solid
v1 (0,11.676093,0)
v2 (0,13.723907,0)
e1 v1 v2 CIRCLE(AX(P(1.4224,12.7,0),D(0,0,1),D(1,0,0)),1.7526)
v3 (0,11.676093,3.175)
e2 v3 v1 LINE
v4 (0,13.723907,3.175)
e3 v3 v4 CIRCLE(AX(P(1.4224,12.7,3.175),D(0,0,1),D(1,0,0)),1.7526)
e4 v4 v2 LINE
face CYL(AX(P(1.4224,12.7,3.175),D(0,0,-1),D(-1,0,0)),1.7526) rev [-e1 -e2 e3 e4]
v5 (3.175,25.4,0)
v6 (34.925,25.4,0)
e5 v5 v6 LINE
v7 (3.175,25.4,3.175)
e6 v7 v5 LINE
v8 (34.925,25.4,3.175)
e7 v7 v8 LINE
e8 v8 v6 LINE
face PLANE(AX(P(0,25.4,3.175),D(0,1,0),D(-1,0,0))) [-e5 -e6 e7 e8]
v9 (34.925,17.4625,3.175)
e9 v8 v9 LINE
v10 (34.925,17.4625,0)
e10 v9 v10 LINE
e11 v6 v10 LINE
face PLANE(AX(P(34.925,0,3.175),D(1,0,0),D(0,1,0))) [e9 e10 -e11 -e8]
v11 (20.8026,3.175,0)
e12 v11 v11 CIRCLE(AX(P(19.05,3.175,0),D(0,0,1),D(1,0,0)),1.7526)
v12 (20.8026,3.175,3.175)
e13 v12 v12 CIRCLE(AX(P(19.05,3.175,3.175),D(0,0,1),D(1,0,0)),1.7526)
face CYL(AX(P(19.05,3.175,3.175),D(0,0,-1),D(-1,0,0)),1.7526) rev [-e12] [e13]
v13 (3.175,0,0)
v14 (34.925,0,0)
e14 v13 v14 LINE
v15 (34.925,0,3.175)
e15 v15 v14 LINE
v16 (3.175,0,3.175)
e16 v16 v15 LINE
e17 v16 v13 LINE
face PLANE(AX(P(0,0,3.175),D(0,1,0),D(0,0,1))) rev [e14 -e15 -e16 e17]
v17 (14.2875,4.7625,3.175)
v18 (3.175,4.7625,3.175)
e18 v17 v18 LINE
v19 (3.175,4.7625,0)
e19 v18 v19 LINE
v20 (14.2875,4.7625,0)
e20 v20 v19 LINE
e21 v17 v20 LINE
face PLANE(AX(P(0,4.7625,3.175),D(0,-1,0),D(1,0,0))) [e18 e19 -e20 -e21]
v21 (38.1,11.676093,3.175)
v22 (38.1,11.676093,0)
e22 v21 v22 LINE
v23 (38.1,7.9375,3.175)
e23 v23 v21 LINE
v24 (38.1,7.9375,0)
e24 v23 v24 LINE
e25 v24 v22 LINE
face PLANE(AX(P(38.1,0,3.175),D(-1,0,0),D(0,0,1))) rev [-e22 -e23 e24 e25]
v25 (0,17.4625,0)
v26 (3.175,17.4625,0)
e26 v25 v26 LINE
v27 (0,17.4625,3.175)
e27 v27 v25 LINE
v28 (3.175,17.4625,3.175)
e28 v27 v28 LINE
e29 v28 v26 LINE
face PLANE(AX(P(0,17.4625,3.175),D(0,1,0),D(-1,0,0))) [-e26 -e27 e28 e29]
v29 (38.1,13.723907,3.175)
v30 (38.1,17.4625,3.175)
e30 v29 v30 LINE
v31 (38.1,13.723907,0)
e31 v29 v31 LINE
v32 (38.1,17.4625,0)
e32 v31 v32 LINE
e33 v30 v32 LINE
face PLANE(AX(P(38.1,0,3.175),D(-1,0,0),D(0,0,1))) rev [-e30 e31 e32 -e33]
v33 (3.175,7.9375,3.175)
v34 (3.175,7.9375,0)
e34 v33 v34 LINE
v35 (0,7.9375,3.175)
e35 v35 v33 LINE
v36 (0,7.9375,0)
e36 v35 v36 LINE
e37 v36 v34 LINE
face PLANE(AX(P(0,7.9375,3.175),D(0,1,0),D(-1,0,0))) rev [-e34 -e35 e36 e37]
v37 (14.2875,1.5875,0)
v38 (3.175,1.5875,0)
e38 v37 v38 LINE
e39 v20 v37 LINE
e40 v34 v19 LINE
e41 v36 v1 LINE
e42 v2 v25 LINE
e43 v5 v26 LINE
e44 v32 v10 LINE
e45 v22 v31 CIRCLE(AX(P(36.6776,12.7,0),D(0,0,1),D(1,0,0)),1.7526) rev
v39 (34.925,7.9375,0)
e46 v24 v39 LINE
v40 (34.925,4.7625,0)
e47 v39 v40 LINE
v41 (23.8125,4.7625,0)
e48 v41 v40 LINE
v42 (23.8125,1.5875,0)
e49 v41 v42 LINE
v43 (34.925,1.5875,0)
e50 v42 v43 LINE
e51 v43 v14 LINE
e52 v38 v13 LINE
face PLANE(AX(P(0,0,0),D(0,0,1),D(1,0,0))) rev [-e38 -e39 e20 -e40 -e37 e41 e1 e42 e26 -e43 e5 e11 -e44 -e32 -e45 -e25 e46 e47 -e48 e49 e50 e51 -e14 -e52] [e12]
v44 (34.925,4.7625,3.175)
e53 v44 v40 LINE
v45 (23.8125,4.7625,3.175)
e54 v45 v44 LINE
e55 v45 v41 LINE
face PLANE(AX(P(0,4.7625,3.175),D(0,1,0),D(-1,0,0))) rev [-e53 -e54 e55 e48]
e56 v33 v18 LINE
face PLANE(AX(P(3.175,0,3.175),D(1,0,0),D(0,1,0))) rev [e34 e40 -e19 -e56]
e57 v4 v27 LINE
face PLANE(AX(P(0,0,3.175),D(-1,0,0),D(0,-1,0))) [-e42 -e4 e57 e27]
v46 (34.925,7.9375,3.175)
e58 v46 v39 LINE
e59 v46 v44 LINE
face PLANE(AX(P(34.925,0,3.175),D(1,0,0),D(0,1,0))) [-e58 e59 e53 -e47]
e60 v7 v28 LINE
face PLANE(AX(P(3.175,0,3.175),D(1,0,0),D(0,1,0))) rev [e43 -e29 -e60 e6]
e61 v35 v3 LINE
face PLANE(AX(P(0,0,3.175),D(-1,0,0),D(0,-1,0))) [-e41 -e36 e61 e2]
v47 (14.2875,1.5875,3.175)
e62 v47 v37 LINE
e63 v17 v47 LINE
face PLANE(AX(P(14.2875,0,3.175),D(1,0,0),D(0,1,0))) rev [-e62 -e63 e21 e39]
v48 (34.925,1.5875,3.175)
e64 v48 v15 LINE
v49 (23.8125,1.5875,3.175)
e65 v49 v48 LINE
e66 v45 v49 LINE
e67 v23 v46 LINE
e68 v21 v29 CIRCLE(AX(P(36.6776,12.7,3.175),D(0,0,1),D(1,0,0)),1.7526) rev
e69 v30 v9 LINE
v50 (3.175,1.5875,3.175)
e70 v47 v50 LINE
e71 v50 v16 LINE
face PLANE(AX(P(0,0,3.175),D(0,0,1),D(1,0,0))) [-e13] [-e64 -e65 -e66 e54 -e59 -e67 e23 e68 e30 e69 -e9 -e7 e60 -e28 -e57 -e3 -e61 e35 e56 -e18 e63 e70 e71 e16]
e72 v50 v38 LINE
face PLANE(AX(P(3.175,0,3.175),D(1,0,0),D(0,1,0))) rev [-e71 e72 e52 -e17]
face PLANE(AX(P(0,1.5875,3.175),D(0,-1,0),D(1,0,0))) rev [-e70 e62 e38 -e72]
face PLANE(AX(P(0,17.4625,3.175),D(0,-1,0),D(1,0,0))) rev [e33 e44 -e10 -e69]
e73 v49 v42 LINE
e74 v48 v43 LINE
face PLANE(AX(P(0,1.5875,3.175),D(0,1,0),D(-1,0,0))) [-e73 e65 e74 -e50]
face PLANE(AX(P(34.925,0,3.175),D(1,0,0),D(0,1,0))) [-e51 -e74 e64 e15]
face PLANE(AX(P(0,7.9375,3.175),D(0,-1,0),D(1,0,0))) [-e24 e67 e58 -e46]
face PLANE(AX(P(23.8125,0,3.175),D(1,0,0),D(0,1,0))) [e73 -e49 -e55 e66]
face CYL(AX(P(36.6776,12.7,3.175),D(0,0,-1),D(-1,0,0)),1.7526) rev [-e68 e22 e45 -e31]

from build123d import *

# Parameters (mm, degrees)
SKETCH1_R           = 1.7526
BOSS_EXTRUDE1_DEPTH = 3.175


with BuildPart() as part:
    # Sketch1 → Boss-Extrude1 (new body)
    with BuildSketch(Plane.XY):
        with BuildLine():
            Line((3.175, 1.5875), (3.175, 0))
            Line((3.175, 0), (34.925, 0))
            Line((34.925, 0), (34.925, 1.5875))
            Line((34.925, 1.5875), (23.8125, 1.5875))
            Line((23.8125, 1.5875), (23.8125, 4.7625))
            Line((23.8125, 4.7625), (34.925, 4.7625))
            Line((34.925, 4.7625), (34.925, 7.9375))
            Line((34.925, 7.9375), (38.1, 7.9375))
            Line((38.1, 7.9375), (38.1, 11.676093266))
            ThreePointArc((38.1, 11.676093266), (34.925, 12.7), (38.1, 13.723906734))
            Line((38.1, 13.723906734), (38.1, 17.4625))
            Line((38.1, 17.4625), (34.925, 17.4625))
            Line((34.925, 17.4625), (34.925, 25.4))
            Line((34.925, 25.4), (3.175, 25.4))
            Line((3.175, 25.4), (3.175, 17.4625))
            Line((3.175, 17.4625), (0, 17.4625))
            Line((0, 17.4625), (0, 13.723906734))
            ThreePointArc((0, 13.723906734), (3.175, 12.7), (0, 11.676093266))
            Line((0, 11.676093266), (0, 7.9375))
            Line((0, 7.9375), (3.175, 7.9375))
            Line((3.175, 7.9375), (3.175, 4.7625))
            Line((3.175, 4.7625), (14.2875, 4.7625))
            Line((14.2875, 4.7625), (14.2875, 1.5875))
            Line((14.2875, 1.5875), (3.175, 1.5875))
        make_face()
        with Locations((19.05, 3.175)):
            Circle(SKETCH1_R, mode=Mode.SUBTRACT)
    extrude(amount=BOSS_EXTRUDE1_DEPTH)


solid = part.part
